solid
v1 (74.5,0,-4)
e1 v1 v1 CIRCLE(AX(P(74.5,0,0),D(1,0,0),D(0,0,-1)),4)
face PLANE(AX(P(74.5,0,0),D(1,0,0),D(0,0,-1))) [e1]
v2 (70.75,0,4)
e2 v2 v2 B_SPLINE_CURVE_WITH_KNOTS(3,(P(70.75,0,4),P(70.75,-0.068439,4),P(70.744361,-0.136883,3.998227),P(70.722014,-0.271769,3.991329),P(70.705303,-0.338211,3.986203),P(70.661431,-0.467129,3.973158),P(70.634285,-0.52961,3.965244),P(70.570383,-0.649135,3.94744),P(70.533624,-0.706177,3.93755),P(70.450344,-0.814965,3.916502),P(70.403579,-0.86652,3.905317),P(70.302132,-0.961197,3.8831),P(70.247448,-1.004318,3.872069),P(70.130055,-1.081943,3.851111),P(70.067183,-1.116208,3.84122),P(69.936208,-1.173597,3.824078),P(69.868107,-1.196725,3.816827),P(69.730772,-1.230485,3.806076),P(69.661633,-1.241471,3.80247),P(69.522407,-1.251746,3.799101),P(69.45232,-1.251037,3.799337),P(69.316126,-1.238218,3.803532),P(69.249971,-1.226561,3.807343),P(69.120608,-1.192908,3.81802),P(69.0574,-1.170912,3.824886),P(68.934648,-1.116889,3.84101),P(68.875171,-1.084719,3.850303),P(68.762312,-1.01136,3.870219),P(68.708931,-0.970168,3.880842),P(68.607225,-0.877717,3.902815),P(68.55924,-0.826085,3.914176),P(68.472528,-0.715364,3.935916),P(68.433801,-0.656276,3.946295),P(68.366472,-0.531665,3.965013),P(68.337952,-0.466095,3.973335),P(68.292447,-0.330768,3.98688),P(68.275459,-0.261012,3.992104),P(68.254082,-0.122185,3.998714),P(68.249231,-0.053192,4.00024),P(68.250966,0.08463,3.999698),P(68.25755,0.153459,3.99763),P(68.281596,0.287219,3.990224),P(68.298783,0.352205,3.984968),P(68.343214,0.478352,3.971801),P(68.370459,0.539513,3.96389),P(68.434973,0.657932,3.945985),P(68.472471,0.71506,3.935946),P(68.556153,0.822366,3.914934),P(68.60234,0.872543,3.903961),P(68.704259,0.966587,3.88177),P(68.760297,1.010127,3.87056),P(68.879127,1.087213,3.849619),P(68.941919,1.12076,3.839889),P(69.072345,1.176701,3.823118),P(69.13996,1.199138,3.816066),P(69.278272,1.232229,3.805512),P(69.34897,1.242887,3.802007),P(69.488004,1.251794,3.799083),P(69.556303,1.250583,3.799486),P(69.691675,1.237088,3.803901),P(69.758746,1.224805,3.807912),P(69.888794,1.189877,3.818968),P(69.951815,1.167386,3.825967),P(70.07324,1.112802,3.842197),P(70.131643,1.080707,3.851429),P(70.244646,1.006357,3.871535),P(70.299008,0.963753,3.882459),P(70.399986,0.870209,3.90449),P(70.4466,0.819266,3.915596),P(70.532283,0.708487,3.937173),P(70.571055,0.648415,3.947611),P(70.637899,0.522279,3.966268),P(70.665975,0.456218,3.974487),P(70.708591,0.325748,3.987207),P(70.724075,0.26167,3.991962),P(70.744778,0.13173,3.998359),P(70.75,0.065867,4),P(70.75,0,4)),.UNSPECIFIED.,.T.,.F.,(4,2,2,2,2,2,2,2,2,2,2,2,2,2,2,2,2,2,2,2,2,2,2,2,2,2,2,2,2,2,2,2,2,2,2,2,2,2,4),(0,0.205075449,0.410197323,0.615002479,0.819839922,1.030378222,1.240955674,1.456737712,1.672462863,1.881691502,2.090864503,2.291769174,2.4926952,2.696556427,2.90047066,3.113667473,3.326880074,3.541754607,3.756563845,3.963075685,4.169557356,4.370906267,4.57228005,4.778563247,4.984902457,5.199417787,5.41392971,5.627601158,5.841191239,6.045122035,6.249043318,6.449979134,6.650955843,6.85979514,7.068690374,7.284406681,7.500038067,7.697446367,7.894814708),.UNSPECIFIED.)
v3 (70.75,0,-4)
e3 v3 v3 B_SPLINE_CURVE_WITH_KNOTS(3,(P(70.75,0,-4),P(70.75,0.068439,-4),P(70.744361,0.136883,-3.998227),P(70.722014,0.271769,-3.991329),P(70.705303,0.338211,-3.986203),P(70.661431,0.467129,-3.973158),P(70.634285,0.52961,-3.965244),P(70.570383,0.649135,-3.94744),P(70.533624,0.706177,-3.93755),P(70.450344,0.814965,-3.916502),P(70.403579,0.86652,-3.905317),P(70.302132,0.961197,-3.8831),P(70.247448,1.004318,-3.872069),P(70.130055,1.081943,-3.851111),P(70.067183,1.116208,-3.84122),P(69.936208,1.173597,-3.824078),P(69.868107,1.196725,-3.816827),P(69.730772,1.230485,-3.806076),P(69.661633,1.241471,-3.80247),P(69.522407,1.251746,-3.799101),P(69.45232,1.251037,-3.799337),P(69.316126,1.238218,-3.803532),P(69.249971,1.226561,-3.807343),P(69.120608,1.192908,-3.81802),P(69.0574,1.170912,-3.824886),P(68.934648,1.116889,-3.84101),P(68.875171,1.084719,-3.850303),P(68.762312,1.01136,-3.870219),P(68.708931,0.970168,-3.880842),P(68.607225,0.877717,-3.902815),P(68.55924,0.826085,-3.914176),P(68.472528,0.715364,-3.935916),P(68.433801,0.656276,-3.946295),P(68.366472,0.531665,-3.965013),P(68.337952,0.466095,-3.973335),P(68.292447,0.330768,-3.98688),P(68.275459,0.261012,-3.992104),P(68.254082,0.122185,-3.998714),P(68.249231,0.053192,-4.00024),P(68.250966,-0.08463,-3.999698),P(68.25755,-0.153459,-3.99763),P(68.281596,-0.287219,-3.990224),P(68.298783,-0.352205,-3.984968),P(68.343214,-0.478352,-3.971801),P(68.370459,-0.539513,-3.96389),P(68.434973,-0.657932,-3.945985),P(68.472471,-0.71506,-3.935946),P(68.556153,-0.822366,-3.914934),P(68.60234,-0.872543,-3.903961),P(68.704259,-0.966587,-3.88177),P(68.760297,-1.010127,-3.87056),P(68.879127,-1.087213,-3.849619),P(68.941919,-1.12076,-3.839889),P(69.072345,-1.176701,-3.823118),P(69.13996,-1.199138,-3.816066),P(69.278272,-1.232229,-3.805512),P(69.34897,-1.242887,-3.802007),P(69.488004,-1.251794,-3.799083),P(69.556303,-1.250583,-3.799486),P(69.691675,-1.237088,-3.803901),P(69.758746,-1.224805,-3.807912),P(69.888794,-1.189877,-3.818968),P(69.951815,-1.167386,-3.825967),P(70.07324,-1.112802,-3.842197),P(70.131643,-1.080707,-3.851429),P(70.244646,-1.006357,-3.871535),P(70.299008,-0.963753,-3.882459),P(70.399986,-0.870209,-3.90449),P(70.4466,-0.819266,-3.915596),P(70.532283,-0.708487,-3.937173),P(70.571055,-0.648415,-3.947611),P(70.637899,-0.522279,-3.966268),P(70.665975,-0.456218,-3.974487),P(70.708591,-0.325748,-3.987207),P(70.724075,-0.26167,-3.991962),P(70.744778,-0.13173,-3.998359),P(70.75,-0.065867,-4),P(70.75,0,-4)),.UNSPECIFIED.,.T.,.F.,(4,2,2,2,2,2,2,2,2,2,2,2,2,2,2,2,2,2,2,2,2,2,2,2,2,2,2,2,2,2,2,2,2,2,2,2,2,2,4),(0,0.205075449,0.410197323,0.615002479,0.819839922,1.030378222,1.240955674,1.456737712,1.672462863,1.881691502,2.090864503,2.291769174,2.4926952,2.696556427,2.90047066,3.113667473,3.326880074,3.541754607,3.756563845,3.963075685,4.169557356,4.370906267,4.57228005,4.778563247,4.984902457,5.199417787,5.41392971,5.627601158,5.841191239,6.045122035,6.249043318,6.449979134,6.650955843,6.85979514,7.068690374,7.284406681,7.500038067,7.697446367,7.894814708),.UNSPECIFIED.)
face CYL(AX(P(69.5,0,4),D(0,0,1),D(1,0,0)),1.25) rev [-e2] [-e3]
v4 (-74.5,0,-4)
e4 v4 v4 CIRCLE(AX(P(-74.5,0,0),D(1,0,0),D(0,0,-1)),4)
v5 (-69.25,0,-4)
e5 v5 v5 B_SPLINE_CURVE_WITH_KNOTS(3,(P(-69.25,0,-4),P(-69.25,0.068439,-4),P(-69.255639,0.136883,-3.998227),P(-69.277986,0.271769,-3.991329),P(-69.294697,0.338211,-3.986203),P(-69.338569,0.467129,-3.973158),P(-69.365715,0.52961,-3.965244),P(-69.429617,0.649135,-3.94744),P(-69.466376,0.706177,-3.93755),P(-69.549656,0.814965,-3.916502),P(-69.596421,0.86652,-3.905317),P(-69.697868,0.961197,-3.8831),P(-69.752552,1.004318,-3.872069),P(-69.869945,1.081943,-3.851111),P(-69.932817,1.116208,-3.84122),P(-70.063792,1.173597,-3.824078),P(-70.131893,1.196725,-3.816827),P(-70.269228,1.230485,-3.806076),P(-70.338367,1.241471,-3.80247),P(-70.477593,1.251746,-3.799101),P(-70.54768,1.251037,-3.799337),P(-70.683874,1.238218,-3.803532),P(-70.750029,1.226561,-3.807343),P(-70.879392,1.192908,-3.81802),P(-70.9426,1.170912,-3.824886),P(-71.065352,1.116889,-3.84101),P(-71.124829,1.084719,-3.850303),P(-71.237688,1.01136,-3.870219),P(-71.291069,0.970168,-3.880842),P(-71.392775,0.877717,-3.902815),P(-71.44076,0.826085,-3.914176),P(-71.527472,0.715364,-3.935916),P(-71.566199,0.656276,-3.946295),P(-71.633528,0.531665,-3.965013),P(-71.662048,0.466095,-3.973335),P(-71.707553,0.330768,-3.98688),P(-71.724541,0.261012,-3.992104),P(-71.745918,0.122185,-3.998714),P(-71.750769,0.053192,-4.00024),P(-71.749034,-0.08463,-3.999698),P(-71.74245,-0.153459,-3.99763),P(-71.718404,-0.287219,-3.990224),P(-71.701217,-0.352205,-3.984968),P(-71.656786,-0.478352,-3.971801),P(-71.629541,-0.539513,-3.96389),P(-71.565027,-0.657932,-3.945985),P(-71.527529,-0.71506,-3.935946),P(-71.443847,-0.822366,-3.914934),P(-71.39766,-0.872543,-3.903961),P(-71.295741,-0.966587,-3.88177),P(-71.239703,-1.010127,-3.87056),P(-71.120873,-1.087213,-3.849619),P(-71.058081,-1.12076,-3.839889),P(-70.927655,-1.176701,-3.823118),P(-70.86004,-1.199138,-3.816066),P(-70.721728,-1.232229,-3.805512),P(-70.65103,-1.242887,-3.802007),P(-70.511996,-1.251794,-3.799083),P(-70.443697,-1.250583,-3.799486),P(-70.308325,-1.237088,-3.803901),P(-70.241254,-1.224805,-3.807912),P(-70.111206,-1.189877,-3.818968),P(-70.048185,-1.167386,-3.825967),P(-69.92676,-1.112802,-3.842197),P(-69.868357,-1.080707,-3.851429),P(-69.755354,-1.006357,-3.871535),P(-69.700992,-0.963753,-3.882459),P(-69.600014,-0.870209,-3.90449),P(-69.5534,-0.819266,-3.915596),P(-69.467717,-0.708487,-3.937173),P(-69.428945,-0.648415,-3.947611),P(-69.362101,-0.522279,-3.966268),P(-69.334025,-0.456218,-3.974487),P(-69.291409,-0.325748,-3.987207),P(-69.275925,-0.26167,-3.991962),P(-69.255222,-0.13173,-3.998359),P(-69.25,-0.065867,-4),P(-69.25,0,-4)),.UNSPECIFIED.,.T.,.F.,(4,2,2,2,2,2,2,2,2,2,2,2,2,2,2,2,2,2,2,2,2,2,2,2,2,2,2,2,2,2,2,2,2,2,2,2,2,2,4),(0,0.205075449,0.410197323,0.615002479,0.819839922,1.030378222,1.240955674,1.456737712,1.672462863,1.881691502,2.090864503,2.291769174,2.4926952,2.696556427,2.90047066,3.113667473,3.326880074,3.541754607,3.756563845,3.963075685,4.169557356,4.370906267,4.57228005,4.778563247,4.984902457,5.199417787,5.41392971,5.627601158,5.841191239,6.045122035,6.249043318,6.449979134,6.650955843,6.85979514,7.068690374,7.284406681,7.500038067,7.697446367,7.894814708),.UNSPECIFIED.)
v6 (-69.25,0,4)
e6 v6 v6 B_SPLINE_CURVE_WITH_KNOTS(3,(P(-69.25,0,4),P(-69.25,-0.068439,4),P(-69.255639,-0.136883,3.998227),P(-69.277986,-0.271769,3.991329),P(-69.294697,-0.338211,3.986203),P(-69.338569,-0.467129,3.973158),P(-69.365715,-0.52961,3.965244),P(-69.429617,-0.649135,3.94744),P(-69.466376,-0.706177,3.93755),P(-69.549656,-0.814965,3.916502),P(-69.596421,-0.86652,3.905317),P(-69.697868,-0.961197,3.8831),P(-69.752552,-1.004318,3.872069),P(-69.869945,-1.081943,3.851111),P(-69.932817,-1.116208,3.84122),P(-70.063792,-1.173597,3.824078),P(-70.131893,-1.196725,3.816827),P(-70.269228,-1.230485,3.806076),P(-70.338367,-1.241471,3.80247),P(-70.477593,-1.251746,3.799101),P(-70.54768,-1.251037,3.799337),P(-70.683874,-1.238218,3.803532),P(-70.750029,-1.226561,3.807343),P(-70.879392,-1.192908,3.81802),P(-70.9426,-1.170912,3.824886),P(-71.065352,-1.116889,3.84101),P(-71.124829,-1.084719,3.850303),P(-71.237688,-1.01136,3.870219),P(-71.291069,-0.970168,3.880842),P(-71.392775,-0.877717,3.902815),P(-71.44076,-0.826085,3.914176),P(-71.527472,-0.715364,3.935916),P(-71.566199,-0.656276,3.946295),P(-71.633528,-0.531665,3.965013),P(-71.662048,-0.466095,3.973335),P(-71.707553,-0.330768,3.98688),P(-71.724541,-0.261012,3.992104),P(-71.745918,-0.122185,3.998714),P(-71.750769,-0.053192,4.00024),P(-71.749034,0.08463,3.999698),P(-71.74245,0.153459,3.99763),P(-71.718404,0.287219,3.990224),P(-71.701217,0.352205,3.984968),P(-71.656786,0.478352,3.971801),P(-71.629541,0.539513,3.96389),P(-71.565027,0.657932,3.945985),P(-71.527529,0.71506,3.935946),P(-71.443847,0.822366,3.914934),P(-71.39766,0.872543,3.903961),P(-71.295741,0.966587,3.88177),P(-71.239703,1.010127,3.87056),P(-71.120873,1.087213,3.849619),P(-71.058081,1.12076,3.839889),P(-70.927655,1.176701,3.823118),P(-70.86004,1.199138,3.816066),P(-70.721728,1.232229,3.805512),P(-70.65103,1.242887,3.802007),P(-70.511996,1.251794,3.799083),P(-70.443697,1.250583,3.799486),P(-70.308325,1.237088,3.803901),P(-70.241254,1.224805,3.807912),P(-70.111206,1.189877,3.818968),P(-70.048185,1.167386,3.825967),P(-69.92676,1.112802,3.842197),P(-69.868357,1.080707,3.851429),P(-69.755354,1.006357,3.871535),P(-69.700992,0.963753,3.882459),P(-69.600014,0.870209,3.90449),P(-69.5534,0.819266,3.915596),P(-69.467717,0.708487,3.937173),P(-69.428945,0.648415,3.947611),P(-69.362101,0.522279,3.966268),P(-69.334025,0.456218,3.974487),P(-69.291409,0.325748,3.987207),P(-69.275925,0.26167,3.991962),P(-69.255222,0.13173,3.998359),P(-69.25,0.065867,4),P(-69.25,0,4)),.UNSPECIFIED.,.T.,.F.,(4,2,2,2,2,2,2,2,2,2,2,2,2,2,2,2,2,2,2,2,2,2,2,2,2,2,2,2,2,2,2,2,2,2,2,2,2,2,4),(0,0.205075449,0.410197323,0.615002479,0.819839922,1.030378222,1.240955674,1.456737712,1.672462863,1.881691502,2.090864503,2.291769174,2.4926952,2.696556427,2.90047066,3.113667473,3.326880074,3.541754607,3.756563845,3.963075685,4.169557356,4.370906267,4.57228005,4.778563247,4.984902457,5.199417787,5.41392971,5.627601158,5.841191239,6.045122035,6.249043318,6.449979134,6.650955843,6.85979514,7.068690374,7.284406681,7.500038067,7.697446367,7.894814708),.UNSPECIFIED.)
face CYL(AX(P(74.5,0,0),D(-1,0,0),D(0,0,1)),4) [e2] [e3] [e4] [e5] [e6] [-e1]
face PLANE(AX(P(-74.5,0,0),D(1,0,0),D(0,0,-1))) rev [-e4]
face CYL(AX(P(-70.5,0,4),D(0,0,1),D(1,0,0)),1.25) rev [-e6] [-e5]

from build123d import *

# Parameters (mm, degrees)
SKETCH1_R           = 4
BOSS_EXTRUDE1_DEPTH = 74.5
M3_TAPPED_HOLE1_D   = 2.5


with BuildPart() as part:
    # Sketch1 → Boss-Extrude1 (new, symmetric)
    with BuildSketch(Plane(origin=(0, 0, 0), x_dir=(0, 0, -1), z_dir=(1, 0, 0))):
        Circle(SKETCH1_R)
    extrude(amount=BOSS_EXTRUDE1_DEPTH, both=True)

    # M3 Tapped Hole1 (through all)
    with Locations(Plane.XY.offset(4)):
        with Locations((-70.5, 0), (69.5, 0)):
            Hole(M3_TAPPED_HOLE1_D / 2)


solid = part.part
